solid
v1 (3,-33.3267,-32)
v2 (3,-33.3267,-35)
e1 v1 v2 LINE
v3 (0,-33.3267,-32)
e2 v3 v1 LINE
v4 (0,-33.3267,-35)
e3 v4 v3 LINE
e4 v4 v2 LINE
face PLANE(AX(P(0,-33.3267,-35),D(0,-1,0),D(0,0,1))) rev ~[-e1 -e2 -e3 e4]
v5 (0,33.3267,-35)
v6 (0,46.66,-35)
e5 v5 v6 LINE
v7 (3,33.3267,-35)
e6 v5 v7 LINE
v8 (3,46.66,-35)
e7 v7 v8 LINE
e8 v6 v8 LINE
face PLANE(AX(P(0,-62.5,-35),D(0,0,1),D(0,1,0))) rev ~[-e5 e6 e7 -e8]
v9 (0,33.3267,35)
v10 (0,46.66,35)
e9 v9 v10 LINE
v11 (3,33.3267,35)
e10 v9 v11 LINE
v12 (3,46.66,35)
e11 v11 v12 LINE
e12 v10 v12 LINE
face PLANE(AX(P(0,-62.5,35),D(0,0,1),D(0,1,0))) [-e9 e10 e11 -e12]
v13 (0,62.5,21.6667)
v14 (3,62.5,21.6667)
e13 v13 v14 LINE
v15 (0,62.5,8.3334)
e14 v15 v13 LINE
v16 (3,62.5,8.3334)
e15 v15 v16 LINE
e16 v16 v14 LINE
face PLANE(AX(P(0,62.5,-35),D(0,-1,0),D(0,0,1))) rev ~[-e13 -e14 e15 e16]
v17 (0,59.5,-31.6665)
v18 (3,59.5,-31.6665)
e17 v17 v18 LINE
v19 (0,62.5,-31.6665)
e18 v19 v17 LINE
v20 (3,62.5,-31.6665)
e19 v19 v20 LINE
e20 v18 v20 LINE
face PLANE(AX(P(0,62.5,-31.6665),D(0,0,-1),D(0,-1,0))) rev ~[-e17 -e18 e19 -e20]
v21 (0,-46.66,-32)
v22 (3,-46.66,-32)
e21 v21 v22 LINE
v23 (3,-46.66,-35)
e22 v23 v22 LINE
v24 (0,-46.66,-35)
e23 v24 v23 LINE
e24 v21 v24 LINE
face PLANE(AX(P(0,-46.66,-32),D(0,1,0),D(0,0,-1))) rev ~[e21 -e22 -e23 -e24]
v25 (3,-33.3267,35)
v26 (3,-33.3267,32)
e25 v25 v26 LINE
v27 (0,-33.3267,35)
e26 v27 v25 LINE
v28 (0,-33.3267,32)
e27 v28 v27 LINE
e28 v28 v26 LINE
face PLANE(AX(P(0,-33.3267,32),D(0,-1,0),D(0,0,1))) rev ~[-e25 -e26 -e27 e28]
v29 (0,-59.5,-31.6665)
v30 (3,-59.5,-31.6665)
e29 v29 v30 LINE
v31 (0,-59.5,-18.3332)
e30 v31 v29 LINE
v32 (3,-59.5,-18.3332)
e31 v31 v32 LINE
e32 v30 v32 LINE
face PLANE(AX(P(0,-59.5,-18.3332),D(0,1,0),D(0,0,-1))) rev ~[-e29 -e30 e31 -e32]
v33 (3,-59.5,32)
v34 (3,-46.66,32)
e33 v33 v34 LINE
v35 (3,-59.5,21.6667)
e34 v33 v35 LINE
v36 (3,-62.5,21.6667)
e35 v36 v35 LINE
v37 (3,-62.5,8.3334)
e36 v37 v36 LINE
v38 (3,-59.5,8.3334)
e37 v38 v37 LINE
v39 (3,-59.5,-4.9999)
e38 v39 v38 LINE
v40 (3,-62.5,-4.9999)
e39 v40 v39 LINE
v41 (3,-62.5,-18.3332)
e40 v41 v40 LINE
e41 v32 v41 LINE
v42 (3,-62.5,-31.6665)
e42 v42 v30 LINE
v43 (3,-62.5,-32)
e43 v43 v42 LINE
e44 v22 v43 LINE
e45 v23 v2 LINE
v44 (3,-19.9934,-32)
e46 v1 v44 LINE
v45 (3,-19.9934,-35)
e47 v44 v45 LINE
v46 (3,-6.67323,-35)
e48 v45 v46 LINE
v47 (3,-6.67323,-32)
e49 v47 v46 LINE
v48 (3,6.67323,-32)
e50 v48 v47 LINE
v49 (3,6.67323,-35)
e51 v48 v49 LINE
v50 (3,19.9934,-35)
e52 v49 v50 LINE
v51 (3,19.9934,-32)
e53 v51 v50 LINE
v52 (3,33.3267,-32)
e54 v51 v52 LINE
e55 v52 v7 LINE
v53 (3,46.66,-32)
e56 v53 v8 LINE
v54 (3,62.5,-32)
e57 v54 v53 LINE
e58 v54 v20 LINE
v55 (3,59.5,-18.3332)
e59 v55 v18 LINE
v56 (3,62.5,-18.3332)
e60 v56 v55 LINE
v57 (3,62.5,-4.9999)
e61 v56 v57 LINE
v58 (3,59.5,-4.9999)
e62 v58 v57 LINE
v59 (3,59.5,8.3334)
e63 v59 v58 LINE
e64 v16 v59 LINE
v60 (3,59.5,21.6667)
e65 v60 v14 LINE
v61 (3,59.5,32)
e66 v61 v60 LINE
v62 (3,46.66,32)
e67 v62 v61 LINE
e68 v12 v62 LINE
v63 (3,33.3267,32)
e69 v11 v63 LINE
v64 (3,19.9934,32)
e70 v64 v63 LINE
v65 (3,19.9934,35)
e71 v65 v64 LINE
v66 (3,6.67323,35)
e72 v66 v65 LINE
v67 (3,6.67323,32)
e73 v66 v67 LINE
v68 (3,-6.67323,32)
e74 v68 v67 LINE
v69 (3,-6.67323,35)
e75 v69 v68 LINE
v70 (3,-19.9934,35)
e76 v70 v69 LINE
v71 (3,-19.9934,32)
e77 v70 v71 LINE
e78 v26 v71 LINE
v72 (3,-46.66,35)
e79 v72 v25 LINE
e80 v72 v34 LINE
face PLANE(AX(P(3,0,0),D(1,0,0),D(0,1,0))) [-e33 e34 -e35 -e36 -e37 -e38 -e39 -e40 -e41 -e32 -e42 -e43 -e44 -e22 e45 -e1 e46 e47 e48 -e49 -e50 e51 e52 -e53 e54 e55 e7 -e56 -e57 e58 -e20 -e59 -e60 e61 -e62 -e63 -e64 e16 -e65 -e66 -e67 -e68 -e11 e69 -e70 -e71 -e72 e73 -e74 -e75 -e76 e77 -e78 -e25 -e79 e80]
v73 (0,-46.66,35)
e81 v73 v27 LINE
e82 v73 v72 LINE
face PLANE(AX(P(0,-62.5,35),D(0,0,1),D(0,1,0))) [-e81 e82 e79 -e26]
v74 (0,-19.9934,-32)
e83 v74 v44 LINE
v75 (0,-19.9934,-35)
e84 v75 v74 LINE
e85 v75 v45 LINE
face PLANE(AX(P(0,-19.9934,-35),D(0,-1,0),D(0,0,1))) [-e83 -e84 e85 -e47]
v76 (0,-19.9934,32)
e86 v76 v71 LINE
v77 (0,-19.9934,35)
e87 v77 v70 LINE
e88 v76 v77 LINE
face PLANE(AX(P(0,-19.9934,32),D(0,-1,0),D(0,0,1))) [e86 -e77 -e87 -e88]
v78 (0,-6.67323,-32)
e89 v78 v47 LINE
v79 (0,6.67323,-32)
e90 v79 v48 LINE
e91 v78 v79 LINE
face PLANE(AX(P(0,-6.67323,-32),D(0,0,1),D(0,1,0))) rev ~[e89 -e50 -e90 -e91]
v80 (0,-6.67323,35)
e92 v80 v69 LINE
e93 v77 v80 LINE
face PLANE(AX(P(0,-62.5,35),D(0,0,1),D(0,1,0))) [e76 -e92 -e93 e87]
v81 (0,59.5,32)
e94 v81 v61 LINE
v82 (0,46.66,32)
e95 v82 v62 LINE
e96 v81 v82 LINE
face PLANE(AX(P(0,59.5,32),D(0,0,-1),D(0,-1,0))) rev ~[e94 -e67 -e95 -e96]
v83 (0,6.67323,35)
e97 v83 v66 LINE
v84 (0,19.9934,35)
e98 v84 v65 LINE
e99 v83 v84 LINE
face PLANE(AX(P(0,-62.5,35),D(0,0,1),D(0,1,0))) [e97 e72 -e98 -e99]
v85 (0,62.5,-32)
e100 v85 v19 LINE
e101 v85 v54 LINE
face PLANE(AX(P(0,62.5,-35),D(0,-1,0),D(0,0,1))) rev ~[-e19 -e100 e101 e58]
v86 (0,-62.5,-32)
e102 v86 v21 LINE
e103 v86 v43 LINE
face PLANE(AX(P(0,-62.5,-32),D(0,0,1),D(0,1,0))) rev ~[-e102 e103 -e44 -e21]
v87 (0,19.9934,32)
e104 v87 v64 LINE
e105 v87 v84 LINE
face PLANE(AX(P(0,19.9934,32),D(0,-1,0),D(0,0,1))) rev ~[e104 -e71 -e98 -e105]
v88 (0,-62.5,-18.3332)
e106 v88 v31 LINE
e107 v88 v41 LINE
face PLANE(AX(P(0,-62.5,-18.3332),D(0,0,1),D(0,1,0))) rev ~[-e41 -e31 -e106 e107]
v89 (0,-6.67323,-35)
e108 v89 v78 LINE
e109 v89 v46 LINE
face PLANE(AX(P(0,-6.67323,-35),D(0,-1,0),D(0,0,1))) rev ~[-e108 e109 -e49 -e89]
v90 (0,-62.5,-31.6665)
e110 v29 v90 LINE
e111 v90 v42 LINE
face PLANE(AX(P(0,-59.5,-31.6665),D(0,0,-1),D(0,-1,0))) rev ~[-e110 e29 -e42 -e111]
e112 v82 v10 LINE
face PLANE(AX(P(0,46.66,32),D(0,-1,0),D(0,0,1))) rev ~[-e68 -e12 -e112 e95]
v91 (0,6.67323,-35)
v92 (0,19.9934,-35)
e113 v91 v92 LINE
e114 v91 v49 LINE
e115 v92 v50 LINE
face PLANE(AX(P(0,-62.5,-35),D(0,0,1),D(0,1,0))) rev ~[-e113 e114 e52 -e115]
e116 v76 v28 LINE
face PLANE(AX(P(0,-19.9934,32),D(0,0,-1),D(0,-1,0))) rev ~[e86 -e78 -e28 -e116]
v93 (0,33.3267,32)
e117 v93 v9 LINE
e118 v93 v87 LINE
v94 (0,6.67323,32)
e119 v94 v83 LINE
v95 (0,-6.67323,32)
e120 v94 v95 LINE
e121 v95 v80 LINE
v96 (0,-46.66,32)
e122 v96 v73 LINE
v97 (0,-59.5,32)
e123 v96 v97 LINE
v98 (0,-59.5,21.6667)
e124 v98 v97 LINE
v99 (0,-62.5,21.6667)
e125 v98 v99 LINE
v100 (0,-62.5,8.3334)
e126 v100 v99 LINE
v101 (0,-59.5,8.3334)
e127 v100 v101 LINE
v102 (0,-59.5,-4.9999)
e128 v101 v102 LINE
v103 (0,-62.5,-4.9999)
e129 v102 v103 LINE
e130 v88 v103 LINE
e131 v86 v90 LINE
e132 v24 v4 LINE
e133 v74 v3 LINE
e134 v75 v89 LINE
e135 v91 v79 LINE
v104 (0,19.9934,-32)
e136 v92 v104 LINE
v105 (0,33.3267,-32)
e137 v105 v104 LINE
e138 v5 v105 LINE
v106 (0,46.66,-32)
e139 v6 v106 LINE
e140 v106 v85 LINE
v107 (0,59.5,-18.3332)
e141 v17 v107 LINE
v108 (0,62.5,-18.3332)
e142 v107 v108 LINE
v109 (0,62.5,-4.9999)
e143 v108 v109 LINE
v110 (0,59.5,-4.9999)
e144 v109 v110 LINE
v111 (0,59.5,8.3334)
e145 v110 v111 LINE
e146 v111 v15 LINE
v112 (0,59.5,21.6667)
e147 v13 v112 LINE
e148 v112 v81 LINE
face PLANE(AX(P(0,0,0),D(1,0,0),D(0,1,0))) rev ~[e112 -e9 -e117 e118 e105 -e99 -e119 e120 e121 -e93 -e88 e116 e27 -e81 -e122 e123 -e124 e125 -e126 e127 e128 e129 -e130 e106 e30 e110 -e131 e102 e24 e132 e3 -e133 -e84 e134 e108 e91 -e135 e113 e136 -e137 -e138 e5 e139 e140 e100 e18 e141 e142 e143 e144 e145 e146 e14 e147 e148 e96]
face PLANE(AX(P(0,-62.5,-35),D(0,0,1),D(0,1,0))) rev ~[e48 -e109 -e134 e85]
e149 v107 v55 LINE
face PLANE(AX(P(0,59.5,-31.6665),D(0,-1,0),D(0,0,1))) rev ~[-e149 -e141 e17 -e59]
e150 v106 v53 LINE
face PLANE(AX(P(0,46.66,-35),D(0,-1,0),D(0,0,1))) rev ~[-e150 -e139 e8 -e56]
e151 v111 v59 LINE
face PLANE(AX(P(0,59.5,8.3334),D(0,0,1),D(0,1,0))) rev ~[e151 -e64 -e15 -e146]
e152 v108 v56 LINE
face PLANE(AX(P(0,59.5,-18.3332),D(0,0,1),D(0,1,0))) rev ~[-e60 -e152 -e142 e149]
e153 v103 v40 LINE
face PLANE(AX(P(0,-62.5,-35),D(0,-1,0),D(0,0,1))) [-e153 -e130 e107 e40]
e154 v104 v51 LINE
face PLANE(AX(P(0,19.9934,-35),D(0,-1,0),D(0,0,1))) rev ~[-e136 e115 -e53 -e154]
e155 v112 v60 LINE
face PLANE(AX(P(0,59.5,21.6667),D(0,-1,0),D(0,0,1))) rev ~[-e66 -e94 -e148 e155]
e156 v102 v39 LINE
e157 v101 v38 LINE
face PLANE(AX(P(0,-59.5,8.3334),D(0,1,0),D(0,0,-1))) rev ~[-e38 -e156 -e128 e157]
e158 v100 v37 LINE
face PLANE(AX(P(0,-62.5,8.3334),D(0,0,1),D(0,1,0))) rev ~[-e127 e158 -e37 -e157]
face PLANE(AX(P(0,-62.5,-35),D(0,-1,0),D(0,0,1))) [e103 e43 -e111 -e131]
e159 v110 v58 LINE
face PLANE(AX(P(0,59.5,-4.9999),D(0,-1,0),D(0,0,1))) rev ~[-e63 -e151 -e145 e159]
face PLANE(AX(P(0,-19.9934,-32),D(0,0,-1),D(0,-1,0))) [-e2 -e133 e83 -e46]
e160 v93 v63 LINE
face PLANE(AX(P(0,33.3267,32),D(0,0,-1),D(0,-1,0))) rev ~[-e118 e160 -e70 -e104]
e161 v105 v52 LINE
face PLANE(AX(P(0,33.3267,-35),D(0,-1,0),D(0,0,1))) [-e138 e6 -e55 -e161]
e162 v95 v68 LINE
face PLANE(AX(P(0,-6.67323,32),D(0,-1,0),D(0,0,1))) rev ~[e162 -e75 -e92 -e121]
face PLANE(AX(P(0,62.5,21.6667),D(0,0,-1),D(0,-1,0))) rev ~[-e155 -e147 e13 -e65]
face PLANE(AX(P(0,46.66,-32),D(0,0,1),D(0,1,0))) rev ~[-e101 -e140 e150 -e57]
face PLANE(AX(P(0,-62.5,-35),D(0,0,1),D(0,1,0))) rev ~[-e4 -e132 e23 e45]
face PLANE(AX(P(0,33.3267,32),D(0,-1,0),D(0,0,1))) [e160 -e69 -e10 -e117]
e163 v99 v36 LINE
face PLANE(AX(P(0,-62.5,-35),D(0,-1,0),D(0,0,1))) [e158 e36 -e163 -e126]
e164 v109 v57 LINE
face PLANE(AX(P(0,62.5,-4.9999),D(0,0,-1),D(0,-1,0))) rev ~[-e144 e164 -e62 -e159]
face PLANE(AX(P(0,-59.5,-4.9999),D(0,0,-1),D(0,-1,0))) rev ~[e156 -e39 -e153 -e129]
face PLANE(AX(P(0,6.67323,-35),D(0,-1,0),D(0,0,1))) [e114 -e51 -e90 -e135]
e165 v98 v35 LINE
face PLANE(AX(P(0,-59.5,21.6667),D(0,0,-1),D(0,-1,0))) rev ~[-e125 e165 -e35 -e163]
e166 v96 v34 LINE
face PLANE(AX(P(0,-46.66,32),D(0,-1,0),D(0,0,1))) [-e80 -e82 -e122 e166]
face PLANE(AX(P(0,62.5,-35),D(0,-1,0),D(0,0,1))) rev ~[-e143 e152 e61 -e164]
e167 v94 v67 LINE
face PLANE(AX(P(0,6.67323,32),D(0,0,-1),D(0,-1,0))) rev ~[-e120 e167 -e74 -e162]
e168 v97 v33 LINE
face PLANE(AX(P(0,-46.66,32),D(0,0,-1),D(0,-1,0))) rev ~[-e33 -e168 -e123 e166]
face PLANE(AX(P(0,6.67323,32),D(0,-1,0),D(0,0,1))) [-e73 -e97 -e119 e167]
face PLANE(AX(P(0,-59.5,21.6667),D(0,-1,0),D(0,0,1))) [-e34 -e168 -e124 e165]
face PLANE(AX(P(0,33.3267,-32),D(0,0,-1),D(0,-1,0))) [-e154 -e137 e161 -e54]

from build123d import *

# Parameters (mm, degrees)
F0_W     = 125
F0_H     = 70
F1_DEPTH = 3
F2_W     = 3
F2_H     = 3
F2_W_2   = 12.84
F2_H_2   = 10.3333
F2_W_3   = 13.3333
F2_W_4   = 13.32014
F2_W_5   = 0.01316
F3_DEPTH = 3.001


with BuildPart() as f1:
    # F0 (on Right) → F1 (new body)
    with BuildSketch(Plane.YZ):
        Rectangle(F0_W, F0_H)
    extrude(amount=F1_DEPTH)

    # F2 (on face) → F3 (cut, through all)
    with BuildSketch(Plane(origin=(0, 0, 0), x_dir=(0, -1, 0), z_dir=(-1, 0, 0))):
        with Locations((-61, 33.5)):
            Rectangle(F2_W, F2_H)
        with Locations((-53.08, 33.5)):
            Rectangle(F2_W_2, F2_H)
        with Locations((-61, 26.83335)):
            Rectangle(F2_W, F2_H_2)
        with Locations((-26.66005, 33.5)):
            Rectangle(F2_W_3, F2_H)
        with Locations((0, 33.5)):
            Rectangle(F2_W_4, F2_H)
        with Locations((-6.66665, 33.5)):
            Rectangle(F2_W_5, F2_H)
        with Locations((6.66665, 33.5)):
            Rectangle(F2_W_5, F2_H)
        with Locations((26.66005, 33.5)):
            Rectangle(F2_W_3, F2_H)
        with Locations((53.08, 33.5)):
            Rectangle(F2_W_2, F2_H)
        with Locations((61, 33.5)):
            Rectangle(F2_W, F2_H)
        with Locations((61, 26.83335)):
            Rectangle(F2_W, F2_H_2)
        Polygon((-62.5, 5.3334), (-62.5, -4.9999), (-59.5, -4.9999), (-59.5, 8.3334), (-62.5, 8.3334), align=None)
        Polygon((-62.5, -21.3332), (-62.5, -31.6665), (-59.5, -31.6665), (-59.5, -18.3332), (-62.5, -18.3332), align=None)
        Polygon((59.5, -31.6665), (62.5, -31.6665), (62.5, -21.3332), (62.5, -18.3332), (59.5, -18.3332), align=None)
        Polygon((59.5, -4.9999), (62.5, -4.9999), (62.5, 5.3334), (62.5, 8.3334), (59.5, 8.3334), align=None)
        with Locations((-6.66665, -33.5)):
            Rectangle(F2_W_5, F2_H)
        with Locations((0, -33.5)):
            Rectangle(F2_W_4, F2_H)
        with Locations((6.66665, -33.5)):
            Rectangle(F2_W_5, F2_H)
        Polygon((59.5, -35), (62.5, -35), (62.5, -32), (46.66, -32), (46.66, -35), align=None)
        Polygon((-62.5, -32), (-62.5, -35), (-59.5, -35), (-46.66, -35), (-46.66, -32), align=None)
        with Locations((-26.66005, -33.5)):
            Rectangle(F2_W_3, F2_H)
        with Locations((26.66005, -33.5)):
            Rectangle(F2_W_3, F2_H)
    extrude(amount=-F3_DEPTH, mode=Mode.SUBTRACT)


solid = f1.part
